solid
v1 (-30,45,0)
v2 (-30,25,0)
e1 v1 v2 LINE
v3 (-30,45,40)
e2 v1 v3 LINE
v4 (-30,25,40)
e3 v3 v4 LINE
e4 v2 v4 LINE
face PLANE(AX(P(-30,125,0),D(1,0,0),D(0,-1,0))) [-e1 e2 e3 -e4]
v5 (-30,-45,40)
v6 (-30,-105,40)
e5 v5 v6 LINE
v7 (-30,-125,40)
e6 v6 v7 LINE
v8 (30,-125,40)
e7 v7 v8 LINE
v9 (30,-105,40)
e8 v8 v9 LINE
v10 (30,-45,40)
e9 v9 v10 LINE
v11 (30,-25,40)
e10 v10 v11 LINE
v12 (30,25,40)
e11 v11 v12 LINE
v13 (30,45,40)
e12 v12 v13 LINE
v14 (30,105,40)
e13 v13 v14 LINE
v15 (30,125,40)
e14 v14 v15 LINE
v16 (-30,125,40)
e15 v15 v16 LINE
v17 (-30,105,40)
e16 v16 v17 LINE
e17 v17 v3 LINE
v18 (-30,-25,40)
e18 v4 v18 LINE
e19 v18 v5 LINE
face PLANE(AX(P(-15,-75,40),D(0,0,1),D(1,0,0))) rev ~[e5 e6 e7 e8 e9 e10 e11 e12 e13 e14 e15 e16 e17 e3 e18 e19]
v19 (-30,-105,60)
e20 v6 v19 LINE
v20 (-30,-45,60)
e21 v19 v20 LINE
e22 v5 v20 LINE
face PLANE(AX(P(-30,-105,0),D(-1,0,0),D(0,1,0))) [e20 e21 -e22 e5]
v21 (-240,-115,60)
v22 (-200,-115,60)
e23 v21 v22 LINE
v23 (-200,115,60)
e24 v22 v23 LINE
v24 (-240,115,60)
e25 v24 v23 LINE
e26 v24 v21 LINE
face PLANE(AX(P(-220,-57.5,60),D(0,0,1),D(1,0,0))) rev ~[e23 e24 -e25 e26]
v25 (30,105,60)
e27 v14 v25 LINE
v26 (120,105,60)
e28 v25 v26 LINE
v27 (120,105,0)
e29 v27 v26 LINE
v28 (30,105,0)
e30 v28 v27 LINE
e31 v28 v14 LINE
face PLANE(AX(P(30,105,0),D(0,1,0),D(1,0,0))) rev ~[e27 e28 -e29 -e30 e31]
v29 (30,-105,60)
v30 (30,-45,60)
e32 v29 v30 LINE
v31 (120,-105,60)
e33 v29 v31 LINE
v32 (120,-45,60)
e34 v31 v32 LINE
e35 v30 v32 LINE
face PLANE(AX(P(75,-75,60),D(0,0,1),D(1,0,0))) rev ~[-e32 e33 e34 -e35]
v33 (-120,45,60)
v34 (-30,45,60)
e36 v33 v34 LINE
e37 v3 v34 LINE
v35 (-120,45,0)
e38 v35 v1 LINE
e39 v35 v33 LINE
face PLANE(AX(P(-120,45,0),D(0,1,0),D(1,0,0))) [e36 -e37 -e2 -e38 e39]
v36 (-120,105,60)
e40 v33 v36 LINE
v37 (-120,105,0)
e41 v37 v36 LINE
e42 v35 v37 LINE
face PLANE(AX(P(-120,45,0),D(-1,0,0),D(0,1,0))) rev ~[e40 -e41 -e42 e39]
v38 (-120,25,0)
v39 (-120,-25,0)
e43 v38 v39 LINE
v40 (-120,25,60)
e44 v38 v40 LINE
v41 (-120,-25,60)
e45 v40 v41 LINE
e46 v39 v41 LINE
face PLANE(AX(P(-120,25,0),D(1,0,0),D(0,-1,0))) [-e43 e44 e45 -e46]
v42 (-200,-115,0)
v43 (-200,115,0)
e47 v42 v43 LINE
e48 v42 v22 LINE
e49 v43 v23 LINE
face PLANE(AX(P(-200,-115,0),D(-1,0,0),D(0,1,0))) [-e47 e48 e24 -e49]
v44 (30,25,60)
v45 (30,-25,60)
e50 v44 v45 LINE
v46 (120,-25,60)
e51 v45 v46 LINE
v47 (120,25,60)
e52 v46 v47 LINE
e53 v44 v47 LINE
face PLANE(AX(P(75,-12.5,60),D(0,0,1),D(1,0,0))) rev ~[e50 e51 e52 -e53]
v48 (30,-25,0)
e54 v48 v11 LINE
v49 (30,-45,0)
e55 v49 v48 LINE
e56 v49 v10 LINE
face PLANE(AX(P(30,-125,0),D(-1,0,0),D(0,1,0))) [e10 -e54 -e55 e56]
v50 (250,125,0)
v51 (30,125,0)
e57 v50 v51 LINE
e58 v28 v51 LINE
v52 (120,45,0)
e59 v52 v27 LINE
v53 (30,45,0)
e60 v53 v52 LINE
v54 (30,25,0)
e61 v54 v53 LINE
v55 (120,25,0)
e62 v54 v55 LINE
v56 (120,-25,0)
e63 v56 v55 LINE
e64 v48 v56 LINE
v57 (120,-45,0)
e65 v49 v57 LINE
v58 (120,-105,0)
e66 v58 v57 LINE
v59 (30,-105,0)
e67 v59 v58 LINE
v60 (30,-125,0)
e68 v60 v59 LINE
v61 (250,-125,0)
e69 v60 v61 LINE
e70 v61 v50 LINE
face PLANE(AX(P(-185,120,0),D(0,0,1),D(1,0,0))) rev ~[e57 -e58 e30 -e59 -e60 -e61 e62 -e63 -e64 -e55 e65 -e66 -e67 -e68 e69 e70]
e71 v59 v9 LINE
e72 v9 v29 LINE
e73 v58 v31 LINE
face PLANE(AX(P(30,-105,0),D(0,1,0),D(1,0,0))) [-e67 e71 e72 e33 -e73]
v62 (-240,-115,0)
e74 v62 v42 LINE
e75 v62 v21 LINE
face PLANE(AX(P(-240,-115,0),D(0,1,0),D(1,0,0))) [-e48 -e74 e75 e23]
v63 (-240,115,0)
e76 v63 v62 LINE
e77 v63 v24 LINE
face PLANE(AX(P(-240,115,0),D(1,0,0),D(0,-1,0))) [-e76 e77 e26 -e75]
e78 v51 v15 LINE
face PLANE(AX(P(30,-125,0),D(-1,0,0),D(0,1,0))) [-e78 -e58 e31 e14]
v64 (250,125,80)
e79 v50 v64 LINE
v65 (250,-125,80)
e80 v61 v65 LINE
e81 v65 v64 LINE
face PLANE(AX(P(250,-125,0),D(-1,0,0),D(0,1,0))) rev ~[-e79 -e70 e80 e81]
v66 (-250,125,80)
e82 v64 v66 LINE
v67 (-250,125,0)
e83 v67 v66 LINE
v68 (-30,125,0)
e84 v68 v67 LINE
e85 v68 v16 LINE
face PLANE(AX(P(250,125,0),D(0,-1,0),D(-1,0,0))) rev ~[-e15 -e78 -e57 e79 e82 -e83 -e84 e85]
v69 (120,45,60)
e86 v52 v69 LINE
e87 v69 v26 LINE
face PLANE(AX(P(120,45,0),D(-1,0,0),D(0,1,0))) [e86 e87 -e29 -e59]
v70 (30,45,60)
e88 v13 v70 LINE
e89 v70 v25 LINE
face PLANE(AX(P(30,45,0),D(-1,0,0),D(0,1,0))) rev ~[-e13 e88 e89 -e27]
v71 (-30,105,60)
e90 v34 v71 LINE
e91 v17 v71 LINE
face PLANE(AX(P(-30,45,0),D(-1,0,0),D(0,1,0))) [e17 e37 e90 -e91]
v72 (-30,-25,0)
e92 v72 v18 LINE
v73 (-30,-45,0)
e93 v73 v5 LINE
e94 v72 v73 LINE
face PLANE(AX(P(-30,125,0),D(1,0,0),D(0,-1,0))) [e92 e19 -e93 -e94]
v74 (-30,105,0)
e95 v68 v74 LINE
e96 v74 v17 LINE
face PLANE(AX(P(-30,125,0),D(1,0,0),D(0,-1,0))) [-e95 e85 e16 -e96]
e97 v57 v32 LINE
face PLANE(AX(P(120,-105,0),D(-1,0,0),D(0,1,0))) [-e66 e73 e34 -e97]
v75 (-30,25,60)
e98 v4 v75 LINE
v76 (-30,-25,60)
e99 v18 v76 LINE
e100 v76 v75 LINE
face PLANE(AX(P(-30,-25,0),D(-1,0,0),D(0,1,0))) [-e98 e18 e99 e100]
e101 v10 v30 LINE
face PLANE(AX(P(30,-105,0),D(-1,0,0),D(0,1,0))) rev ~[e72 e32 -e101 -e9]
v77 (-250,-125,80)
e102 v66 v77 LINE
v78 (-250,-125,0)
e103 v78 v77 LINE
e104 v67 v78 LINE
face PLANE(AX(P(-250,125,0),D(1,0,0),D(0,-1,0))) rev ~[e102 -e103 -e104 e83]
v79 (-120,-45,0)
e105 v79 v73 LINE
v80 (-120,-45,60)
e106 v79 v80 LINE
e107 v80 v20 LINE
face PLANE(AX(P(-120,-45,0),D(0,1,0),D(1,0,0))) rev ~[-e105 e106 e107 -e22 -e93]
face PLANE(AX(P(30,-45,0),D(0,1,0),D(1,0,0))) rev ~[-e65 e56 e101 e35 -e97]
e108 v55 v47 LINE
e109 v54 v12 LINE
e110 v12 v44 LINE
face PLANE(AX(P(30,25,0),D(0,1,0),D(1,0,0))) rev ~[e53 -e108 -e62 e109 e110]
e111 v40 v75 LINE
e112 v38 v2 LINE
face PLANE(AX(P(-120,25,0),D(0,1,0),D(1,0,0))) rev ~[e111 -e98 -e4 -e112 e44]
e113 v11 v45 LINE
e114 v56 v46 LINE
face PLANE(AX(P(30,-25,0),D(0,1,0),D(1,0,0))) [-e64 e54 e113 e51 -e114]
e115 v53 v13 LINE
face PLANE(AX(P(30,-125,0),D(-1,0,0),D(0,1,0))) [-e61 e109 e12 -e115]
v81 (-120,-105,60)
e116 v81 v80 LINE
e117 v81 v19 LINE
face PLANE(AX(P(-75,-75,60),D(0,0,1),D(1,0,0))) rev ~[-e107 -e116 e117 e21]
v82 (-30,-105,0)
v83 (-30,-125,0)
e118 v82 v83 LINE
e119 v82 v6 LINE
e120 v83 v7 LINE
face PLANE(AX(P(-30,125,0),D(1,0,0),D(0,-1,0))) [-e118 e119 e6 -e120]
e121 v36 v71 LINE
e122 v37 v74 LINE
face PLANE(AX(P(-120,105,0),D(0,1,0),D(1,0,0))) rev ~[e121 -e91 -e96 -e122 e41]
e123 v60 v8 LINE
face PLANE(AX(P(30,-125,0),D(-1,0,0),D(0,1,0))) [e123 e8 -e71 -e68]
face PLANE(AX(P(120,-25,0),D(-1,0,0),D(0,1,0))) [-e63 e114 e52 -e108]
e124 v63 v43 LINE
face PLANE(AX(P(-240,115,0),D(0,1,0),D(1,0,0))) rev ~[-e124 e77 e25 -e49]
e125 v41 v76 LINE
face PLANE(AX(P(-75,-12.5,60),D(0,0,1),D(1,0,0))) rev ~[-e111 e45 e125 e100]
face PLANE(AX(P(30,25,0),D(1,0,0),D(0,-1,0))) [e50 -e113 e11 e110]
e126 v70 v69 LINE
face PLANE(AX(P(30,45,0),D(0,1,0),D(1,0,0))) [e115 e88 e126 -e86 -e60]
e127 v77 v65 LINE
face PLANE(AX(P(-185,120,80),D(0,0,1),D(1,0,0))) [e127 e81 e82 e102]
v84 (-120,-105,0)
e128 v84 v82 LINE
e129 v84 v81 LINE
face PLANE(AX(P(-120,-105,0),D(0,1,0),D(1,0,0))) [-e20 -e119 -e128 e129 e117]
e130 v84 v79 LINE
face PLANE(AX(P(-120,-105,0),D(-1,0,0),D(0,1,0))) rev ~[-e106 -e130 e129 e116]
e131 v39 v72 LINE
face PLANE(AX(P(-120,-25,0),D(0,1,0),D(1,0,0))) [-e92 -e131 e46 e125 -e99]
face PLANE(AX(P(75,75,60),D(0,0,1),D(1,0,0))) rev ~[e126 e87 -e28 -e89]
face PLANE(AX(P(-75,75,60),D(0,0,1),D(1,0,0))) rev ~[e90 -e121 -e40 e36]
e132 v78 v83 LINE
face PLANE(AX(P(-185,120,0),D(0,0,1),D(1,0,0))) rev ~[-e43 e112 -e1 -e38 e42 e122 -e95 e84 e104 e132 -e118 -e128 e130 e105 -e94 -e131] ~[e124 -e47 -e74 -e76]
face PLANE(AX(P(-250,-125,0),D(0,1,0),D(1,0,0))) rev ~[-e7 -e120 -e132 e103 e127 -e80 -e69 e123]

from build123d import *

# Parameters (mm, degrees)
F0_W     = 10
F0_H     = 115
F0_W_2   = 90
F0_H_2   = 20
F0_W_3   = 40
F0_H_3   = 60
F0_H_4   = 25
F0_W_4   = 30
F1_DEPTH = 80
F2_DEPTH = 60
F3_DEPTH = 40


with BuildPart() as f1:
    # F0 (on Top) → F1 (new body)
    with BuildSketch(Plane.XY):
        Polygon((-120, 125), (-250, 125), (-250, 115), (-240, 115), (-200, 115), (-120, 115), align=None)
        with Locations((-245, 57.5)):
            Rectangle(F0_W, F0_H)
        with Locations((-245, -57.5)):
            Rectangle(F0_W, F0_H)
        Polygon((-240, -115), (-250, -115), (-250, -125), (-120, -125), (-120, -115), (-200, -115), align=None)
        Polygon((-30, 125), (-120, 125), (-120, 115), (-120, 105), (-30, 105), align=None)
        Polygon((0, 125), (-30, 125), (-30, 105), (-30, 45), (-30, 25), (0, 25), align=None)
        with Locations((75, 115)):
            Rectangle(F0_W_2, F0_H_2)
        Polygon((30, 125), (0, 125), (0, 25), (30, 25), (30, 45), (30, 105), align=None)
        with Locations((-75, 35)):
            Rectangle(F0_W_2, F0_H_2)
        with Locations((-75, -35)):
            Rectangle(F0_W_2, F0_H_2)
        Polygon((-120, -115), (-120, -125), (-30, -125), (-30, -105), (-120, -105), align=None)
        Polygon((0, -125), (0, -25), (-30, -25), (-30, -45), (-30, -105), (-30, -125), align=None)
        Polygon((30, -25), (0, -25), (0, -125), (30, -125), (30, -105), (30, -45), align=None)
        with Locations((75, -35)):
            Rectangle(F0_W_2, F0_H_2)
        with Locations((75, 35)):
            Rectangle(F0_W_2, F0_H_2)
        with Locations((75, -115)):
            Rectangle(F0_W_2, F0_H_2)
        Polygon((250, 125), (120, 125), (120, 105), (120, 45), (120, 25), (120, 0), (250, 0), align=None)
        Polygon((250, -125), (250, 0), (120, 0), (120, -25), (120, -45), (120, -105), (120, -125), align=None)
        Polygon((-120, 105), (-120, 115), (-200, 115), (-200, 0), (-120, 0), (-120, 25), (-120, 45), align=None)
        Polygon((-120, 0), (-200, 0), (-200, -115), (-120, -115), (-120, -105), (-120, -45), (-120, -25), align=None)
        with Locations((-220, 57.5)):
            Rectangle(F0_W_3, F0_H)
        with Locations((-220, -57.5)):
            Rectangle(F0_W_3, F0_H)
        with Locations((-75, 75)):
            Rectangle(F0_W_2, F0_H_3)
        with Locations((-75, 12.5)):
            Rectangle(F0_W_2, F0_H_4)
        with Locations((-75, -12.5)):
            Rectangle(F0_W_2, F0_H_4)
        with Locations((-75, -75)):
            Rectangle(F0_W_2, F0_H_3)
        with Locations((-15, -12.5)):
            Rectangle(F0_W_4, F0_H_4)
        with Locations((-15, 12.5)):
            Rectangle(F0_W_4, F0_H_4)
        with Locations((15, 12.5)):
            Rectangle(F0_W_4, F0_H_4)
        with Locations((75, 12.5)):
            Rectangle(F0_W_2, F0_H_4)
        with Locations((75, -75)):
            Rectangle(F0_W_2, F0_H_3)
        with Locations((75, -12.5)):
            Rectangle(F0_W_2, F0_H_4)
        with Locations((15, -12.5)):
            Rectangle(F0_W_4, F0_H_4)
        with Locations((75, 75)):
            Rectangle(F0_W_2, F0_H_3)
    extrude(amount=F1_DEPTH)

    # F0 (on Top) → F2 (cut)
    with BuildSketch(Plane.XY):
        with Locations((-220, -57.5)):
            Rectangle(F0_W_3, F0_H)
        with Locations((-220, 57.5)):
            Rectangle(F0_W_3, F0_H)
        with Locations((75, -75)):
            Rectangle(F0_W_2, F0_H_3)
        with Locations((-75, -75)):
            Rectangle(F0_W_2, F0_H_3)
        with Locations((75, 75)):
            Rectangle(F0_W_2, F0_H_3)
        with Locations((-75, 75)):
            Rectangle(F0_W_2, F0_H_3)
        with Locations((-75, -12.5)):
            Rectangle(F0_W_2, F0_H_4)
        with Locations((-75, 12.5)):
            Rectangle(F0_W_2, F0_H_4)
        with Locations((75, -12.5)):
            Rectangle(F0_W_2, F0_H_4)
        with Locations((75, 12.5)):
            Rectangle(F0_W_2, F0_H_4)
    extrude(amount=F2_DEPTH, mode=Mode.SUBTRACT)

    # F0 (on Top) → F3 (cut)
    with BuildSketch(Plane.XY):
        Polygon((0, -125), (0, -25), (-30, -25), (-30, -45), (-30, -105), (-30, -125), align=None)
        Polygon((30, 125), (0, 125), (0, 25), (30, 25), (30, 45), (30, 105), align=None)
        Polygon((0, 125), (-30, 125), (-30, 105), (-30, 45), (-30, 25), (0, 25), align=None)
        with Locations((-15, 12.5)):
            Rectangle(F0_W_4, F0_H_4)
        with Locations((-15, -12.5)):
            Rectangle(F0_W_4, F0_H_4)
        with Locations((15, -12.5)):
            Rectangle(F0_W_4, F0_H_4)
        with Locations((15, 12.5)):
            Rectangle(F0_W_4, F0_H_4)
        Polygon((30, -25), (0, -25), (0, -125), (30, -125), (30, -105), (30, -45), align=None)
    extrude(amount=F3_DEPTH, mode=Mode.SUBTRACT)


solid = f1.part
